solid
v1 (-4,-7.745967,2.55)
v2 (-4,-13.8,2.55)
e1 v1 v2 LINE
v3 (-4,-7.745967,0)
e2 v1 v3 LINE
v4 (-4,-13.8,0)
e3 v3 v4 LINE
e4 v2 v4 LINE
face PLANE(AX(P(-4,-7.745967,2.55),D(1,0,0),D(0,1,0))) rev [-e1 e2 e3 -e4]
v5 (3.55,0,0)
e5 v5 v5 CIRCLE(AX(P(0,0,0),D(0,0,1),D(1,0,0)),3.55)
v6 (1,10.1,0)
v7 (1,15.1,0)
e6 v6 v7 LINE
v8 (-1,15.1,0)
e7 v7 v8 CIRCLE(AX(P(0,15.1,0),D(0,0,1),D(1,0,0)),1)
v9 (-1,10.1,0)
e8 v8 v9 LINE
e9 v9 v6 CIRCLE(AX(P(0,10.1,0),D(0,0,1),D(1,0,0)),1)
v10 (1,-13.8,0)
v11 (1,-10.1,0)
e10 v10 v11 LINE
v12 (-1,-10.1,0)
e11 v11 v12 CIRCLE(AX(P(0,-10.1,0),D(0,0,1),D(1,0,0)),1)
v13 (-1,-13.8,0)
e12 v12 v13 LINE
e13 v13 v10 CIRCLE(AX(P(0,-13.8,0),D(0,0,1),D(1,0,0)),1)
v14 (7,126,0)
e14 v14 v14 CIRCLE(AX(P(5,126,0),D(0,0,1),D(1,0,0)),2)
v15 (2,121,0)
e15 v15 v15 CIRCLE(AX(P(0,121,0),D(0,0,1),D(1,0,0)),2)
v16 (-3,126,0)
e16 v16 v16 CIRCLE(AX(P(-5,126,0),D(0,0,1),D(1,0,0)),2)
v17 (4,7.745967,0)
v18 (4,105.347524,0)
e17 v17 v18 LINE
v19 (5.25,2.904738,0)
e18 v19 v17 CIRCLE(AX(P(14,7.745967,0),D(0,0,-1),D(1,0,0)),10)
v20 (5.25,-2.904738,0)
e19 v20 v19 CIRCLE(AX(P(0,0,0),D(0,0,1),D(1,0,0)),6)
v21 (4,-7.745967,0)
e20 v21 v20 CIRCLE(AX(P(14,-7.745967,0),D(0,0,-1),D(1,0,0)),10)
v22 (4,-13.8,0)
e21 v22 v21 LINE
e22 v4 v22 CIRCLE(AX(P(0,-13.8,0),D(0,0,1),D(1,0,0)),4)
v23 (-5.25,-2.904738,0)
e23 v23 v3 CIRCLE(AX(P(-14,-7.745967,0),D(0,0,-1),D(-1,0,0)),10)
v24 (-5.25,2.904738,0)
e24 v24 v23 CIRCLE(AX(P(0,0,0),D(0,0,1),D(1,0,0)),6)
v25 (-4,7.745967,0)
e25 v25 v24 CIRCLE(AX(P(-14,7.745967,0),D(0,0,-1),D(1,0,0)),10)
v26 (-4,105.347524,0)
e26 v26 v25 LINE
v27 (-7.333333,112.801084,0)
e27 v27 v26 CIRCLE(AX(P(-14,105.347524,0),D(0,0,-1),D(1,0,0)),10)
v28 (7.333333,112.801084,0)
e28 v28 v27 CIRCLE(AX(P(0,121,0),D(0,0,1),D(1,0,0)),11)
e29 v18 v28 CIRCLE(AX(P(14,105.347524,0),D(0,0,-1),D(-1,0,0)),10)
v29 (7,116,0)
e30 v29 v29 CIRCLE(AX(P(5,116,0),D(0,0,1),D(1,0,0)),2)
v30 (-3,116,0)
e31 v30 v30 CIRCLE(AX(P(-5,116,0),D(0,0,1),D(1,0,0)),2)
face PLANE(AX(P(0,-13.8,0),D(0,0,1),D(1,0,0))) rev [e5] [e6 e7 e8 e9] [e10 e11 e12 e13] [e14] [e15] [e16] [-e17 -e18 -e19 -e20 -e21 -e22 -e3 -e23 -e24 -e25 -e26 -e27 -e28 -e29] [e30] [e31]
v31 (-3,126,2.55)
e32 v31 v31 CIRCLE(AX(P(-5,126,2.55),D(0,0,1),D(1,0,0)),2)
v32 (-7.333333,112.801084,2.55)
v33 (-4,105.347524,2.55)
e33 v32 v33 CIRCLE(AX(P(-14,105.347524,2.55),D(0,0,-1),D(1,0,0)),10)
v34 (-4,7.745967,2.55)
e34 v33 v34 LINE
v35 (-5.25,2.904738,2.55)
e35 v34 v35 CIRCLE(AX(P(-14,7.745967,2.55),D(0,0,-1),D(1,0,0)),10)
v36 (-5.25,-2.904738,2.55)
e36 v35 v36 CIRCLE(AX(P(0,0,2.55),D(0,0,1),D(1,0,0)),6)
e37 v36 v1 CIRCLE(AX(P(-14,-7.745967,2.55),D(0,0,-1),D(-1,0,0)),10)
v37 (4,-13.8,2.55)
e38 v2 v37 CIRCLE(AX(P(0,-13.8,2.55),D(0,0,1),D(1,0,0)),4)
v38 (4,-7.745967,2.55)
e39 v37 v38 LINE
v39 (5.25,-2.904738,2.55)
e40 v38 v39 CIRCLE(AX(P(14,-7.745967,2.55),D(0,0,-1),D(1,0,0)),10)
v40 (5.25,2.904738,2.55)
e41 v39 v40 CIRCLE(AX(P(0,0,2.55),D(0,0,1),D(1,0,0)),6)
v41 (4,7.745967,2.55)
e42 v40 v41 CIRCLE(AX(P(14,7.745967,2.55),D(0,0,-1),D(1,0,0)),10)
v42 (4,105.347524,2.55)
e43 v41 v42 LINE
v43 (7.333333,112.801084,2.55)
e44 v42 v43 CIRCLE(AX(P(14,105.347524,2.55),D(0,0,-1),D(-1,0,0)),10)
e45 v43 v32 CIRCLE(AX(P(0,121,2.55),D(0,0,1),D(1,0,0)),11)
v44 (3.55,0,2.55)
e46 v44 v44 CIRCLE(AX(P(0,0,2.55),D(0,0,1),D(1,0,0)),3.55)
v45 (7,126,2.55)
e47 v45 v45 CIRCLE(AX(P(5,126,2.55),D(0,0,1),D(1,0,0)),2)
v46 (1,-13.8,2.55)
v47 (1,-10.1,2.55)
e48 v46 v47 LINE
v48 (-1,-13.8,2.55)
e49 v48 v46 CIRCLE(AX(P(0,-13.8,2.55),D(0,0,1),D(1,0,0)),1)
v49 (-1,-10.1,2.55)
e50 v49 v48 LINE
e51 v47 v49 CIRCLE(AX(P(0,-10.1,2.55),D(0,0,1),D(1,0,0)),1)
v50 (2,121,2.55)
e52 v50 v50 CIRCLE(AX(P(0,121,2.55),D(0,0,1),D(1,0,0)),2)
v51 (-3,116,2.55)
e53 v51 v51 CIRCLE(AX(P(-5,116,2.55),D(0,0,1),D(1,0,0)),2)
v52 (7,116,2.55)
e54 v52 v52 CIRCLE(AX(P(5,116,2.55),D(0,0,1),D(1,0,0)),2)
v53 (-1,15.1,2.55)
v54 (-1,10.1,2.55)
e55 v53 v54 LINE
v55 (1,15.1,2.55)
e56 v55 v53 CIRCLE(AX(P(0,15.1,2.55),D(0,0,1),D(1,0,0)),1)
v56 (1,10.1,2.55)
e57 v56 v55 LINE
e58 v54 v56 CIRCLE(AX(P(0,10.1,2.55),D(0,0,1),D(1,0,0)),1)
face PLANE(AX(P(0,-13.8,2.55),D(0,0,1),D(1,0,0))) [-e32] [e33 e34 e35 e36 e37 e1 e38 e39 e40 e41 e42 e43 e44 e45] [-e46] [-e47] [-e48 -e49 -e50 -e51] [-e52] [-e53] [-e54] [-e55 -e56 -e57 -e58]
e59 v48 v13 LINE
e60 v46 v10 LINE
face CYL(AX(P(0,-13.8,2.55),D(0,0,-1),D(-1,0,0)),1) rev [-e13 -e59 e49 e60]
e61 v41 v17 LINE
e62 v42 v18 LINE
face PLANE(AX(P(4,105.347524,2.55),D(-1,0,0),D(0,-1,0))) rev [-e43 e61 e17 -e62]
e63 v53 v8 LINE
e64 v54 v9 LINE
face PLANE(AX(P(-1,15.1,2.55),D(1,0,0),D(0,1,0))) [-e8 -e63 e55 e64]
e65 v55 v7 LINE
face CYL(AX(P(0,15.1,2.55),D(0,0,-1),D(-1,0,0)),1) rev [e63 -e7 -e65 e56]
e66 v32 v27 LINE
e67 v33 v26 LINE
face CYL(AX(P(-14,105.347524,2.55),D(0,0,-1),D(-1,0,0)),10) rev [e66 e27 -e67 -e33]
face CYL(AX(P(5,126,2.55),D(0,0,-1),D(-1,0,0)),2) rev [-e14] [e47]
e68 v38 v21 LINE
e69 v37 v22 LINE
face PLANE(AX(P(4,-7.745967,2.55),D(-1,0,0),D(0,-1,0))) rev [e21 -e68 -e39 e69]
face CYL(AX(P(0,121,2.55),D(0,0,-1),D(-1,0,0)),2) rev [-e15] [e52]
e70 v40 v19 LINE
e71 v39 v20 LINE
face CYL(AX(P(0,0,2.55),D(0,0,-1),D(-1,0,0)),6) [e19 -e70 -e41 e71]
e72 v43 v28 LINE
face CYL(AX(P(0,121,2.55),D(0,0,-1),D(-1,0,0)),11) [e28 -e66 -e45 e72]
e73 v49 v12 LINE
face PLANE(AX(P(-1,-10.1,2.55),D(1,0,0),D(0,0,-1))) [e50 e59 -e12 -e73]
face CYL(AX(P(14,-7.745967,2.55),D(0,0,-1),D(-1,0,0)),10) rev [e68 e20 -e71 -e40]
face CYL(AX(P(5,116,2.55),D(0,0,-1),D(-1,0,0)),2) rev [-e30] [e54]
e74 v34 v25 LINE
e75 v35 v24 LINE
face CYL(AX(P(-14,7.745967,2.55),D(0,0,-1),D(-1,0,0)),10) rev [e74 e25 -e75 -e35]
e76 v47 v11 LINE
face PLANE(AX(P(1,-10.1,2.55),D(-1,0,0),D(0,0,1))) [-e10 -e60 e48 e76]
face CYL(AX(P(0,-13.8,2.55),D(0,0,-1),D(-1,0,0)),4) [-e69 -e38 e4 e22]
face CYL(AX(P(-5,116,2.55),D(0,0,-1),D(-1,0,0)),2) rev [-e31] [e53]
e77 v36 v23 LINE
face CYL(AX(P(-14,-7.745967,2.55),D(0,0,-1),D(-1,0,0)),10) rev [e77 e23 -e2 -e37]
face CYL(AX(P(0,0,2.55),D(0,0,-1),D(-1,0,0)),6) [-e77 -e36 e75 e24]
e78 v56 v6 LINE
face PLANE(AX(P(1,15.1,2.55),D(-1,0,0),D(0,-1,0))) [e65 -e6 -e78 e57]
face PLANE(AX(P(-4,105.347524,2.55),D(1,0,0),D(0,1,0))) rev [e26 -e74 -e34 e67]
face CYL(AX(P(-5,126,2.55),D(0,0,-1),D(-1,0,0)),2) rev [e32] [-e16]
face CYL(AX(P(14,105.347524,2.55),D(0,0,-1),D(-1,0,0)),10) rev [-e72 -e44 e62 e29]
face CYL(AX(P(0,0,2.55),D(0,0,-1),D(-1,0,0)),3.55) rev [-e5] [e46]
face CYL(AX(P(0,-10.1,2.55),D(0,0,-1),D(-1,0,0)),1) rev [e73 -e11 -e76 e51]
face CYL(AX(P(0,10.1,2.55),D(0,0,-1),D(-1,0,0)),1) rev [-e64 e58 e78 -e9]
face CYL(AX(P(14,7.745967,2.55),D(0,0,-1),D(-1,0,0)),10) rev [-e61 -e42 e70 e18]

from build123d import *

# Parameters (mm, degrees)
MODEL_R             = 3.55
MODEL_R_2           = 2
BOSS_EXTRUDE1_DEPTH = 2.55


with BuildPart() as part:
    # Model → Boss-Extrude1 (new body)
    with BuildSketch(Plane.XY):
        with BuildLine():
            Line((-4, 105.347524158), (-4, 7.745966692))
            ThreePointArc((-4, 7.745966692), (-4.317541634, 5.245966692), (-5.25, 2.90473751))
            ThreePointArc((-5.25, 2.90473751), (-6, 0), (-5.25, -2.90473751))
            ThreePointArc((-5.25, -2.90473751), (-4.317541634, -5.245966692), (-4, -7.745966692))
            Line((-4, -7.745966692), (-4, -13.8))
            ThreePointArc((-4, -13.8), (0, -17.8), (4, -13.8))
            Line((4, -13.8), (4, -7.745966692))
            ThreePointArc((4, -7.745966692), (4.317541634, -5.245966692), (5.25, -2.90473751))
            ThreePointArc((5.25, -2.90473751), (6, 0), (5.25, 2.90473751))
            ThreePointArc((5.25, 2.90473751), (4.317541634, 5.245966692), (4, 7.745966692))
            Line((4, 7.745966692), (4, 105.347524158))
            ThreePointArc((4, 105.347524158), (4.871290708, 109.430007062), (7.333333333, 112.801084083))
            ThreePointArc((7.333333333, 112.801084083), (0, 132), (-7.333333333, 112.801084083))
            ThreePointArc((-7.333333333, 112.801084083), (-4.871290708, 109.430007062), (-4, 105.347524158))
        make_face()
        Circle(MODEL_R, mode=Mode.SUBTRACT)
        with Locations((0, 121)):
            Circle(MODEL_R_2, mode=Mode.SUBTRACT)
        with Locations((-5, 126)):
            Circle(MODEL_R_2, mode=Mode.SUBTRACT)
        with Locations((5, 126)):
            Circle(MODEL_R_2, mode=Mode.SUBTRACT)
        with Locations((5, 116)):
            Circle(MODEL_R_2, mode=Mode.SUBTRACT)
        with Locations((-5, 116)):
            Circle(MODEL_R_2, mode=Mode.SUBTRACT)
        with BuildLine():
            Line((-1, -10.1), (-1, -13.8))
            ThreePointArc((-1, -13.8), (0, -14.8), (1, -13.8))
            Line((1, -13.8), (1, -10.1))
            ThreePointArc((1, -10.1), (0, -9.1), (-1, -10.1))
        make_face(mode=Mode.SUBTRACT)
        with BuildLine():
            Line((-1, 15.1), (-1, 10.1))
            ThreePointArc((-1, 10.1), (0, 9.1), (1, 10.1))
            Line((1, 10.1), (1, 15.1))
            ThreePointArc((1, 15.1), (0, 16.1), (-1, 15.1))
        make_face(mode=Mode.SUBTRACT)
    extrude(amount=BOSS_EXTRUDE1_DEPTH)


solid = part.part
